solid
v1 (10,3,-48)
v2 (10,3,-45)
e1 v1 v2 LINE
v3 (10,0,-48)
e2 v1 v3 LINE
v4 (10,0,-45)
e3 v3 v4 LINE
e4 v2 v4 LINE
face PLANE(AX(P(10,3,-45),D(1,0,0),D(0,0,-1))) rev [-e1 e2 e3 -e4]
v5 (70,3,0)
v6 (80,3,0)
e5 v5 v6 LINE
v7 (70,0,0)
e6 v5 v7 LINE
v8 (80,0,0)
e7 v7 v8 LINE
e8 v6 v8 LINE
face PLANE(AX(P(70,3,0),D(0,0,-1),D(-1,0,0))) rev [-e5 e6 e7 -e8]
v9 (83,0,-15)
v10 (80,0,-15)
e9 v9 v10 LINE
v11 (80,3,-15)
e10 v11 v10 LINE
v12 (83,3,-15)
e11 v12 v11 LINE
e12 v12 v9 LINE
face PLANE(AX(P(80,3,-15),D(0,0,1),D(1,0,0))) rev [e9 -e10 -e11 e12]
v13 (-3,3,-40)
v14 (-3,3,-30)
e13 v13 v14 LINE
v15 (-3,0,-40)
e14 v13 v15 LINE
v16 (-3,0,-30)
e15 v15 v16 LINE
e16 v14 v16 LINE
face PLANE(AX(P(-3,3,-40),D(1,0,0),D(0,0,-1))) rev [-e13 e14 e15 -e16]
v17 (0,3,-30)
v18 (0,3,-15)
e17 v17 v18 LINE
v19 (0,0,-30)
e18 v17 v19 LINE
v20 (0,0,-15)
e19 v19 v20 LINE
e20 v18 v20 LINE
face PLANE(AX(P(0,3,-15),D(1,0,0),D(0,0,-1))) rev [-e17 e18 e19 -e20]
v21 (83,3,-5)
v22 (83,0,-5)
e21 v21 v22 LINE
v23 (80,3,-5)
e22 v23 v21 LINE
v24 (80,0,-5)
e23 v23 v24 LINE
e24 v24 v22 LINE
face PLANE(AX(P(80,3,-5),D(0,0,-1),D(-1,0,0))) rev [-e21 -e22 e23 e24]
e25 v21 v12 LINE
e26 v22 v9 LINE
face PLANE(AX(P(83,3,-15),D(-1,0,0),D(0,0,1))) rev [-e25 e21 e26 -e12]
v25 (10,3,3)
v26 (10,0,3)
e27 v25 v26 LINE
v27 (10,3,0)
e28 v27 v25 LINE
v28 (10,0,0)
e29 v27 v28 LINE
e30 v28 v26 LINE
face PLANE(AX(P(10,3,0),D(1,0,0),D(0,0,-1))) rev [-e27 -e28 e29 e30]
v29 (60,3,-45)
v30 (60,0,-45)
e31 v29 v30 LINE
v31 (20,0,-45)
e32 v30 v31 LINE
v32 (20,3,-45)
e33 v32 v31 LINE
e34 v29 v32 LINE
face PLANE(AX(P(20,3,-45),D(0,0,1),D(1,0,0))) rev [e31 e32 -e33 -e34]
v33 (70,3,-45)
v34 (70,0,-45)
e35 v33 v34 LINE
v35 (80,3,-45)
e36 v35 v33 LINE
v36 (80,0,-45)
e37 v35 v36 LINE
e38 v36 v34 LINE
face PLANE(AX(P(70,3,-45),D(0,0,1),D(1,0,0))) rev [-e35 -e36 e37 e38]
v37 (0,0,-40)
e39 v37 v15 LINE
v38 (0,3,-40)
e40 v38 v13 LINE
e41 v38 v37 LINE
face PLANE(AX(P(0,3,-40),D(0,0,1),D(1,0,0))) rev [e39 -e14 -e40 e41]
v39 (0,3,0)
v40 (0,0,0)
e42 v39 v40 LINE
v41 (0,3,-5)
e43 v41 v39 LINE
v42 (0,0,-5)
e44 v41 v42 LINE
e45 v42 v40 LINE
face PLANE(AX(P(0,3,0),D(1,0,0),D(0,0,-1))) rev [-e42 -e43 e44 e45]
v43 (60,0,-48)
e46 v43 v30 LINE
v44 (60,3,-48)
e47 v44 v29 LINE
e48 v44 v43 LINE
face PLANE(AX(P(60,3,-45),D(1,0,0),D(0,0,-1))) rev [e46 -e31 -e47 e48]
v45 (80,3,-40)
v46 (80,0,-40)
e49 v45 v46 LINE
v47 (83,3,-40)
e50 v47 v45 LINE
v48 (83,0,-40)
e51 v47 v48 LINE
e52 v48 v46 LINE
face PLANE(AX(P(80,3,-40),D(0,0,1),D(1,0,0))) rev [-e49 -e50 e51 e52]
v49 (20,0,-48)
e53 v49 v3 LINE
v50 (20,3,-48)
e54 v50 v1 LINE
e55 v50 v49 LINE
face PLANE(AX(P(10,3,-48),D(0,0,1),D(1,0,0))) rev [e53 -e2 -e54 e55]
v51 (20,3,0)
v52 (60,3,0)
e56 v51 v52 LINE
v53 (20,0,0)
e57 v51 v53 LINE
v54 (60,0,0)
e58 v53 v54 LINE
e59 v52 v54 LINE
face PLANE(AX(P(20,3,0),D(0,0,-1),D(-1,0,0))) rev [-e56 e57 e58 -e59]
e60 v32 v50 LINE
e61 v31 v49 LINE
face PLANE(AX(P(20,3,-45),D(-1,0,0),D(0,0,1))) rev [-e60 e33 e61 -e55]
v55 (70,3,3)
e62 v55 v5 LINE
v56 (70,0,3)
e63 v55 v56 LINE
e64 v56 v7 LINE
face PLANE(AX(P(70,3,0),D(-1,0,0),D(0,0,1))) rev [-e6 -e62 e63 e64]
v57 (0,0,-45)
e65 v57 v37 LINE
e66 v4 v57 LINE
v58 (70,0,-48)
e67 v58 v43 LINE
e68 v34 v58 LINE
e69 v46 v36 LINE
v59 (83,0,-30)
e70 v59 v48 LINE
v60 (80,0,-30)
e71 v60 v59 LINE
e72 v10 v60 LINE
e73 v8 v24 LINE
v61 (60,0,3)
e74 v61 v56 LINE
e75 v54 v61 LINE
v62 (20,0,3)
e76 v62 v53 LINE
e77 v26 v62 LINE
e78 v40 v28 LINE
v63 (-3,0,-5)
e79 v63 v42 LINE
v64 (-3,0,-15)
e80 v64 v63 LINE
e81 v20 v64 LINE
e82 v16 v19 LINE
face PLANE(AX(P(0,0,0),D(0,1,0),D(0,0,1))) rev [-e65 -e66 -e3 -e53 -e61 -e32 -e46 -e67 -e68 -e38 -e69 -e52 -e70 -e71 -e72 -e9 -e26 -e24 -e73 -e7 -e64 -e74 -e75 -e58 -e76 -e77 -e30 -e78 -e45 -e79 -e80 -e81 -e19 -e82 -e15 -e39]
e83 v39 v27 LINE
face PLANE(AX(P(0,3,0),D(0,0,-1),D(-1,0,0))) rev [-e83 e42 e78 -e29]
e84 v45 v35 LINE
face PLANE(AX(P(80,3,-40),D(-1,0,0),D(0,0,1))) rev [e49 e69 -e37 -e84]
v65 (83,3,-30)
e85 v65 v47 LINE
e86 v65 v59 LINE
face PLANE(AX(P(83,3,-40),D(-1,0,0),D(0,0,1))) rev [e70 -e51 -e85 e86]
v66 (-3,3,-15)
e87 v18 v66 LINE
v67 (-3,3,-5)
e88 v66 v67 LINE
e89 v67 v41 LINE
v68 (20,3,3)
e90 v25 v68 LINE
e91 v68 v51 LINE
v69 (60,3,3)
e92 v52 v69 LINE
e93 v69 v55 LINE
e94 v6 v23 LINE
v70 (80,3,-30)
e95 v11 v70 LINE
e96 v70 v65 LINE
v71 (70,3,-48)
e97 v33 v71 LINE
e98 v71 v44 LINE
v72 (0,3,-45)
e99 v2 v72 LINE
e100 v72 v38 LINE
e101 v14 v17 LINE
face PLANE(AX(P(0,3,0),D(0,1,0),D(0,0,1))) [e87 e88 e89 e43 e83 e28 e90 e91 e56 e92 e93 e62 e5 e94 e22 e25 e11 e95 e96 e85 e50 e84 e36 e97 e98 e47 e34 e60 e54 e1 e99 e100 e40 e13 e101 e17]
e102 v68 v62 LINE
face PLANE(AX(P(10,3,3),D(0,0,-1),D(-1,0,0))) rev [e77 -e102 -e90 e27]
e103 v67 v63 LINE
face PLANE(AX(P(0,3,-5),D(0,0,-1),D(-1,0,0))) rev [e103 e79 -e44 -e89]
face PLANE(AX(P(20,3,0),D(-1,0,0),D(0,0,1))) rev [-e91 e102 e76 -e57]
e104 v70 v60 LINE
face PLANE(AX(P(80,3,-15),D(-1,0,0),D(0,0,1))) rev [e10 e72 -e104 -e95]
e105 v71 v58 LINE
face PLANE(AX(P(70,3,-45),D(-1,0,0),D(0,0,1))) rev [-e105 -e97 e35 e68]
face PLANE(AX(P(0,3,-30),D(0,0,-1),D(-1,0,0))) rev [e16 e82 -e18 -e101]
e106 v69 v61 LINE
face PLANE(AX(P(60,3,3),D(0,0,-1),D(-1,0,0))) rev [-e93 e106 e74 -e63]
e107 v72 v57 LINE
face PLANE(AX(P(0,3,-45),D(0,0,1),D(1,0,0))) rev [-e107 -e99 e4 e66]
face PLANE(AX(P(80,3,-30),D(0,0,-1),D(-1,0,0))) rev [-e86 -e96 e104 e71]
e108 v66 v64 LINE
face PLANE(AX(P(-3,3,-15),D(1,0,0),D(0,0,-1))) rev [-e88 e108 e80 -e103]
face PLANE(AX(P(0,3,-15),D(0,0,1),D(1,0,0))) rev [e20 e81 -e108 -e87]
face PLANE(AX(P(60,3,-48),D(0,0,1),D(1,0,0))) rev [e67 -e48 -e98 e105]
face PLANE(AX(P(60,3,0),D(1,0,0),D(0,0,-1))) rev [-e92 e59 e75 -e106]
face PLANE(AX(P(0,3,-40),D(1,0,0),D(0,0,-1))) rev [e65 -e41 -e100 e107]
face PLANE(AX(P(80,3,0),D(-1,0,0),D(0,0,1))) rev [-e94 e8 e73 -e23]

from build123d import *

# Parameters (mm, degrees)
BOSS_EXTRUDE1_DEPTH = 3


with BuildPart() as part:
    # Sketch1 → Boss-Extrude1 (new body)
    with BuildSketch(Plane(origin=(0, 0, 0), x_dir=(1, 0, 0), z_dir=(0, 1, 0))):
        Polygon((0, 0), (10, 0), (10, -3), (20, -3), (20, 0), (60, 0), (60, -3), (70, -3), (70, 0), (80, 0), (80, 5), (83, 5), (83, 15), (80, 15), (80, 30), (83, 30), (83, 40), (80, 40), (80, 45), (70, 45), (70, 48), (60, 48), (60, 45), (20, 45), (20, 48), (10, 48), (10, 45), (0, 45), (0, 40), (-3, 40), (-3, 30), (0, 30), (0, 15), (-3, 15), (-3, 5), (0, 5), align=None)
    extrude(amount=BOSS_EXTRUDE1_DEPTH)


solid = part.part
